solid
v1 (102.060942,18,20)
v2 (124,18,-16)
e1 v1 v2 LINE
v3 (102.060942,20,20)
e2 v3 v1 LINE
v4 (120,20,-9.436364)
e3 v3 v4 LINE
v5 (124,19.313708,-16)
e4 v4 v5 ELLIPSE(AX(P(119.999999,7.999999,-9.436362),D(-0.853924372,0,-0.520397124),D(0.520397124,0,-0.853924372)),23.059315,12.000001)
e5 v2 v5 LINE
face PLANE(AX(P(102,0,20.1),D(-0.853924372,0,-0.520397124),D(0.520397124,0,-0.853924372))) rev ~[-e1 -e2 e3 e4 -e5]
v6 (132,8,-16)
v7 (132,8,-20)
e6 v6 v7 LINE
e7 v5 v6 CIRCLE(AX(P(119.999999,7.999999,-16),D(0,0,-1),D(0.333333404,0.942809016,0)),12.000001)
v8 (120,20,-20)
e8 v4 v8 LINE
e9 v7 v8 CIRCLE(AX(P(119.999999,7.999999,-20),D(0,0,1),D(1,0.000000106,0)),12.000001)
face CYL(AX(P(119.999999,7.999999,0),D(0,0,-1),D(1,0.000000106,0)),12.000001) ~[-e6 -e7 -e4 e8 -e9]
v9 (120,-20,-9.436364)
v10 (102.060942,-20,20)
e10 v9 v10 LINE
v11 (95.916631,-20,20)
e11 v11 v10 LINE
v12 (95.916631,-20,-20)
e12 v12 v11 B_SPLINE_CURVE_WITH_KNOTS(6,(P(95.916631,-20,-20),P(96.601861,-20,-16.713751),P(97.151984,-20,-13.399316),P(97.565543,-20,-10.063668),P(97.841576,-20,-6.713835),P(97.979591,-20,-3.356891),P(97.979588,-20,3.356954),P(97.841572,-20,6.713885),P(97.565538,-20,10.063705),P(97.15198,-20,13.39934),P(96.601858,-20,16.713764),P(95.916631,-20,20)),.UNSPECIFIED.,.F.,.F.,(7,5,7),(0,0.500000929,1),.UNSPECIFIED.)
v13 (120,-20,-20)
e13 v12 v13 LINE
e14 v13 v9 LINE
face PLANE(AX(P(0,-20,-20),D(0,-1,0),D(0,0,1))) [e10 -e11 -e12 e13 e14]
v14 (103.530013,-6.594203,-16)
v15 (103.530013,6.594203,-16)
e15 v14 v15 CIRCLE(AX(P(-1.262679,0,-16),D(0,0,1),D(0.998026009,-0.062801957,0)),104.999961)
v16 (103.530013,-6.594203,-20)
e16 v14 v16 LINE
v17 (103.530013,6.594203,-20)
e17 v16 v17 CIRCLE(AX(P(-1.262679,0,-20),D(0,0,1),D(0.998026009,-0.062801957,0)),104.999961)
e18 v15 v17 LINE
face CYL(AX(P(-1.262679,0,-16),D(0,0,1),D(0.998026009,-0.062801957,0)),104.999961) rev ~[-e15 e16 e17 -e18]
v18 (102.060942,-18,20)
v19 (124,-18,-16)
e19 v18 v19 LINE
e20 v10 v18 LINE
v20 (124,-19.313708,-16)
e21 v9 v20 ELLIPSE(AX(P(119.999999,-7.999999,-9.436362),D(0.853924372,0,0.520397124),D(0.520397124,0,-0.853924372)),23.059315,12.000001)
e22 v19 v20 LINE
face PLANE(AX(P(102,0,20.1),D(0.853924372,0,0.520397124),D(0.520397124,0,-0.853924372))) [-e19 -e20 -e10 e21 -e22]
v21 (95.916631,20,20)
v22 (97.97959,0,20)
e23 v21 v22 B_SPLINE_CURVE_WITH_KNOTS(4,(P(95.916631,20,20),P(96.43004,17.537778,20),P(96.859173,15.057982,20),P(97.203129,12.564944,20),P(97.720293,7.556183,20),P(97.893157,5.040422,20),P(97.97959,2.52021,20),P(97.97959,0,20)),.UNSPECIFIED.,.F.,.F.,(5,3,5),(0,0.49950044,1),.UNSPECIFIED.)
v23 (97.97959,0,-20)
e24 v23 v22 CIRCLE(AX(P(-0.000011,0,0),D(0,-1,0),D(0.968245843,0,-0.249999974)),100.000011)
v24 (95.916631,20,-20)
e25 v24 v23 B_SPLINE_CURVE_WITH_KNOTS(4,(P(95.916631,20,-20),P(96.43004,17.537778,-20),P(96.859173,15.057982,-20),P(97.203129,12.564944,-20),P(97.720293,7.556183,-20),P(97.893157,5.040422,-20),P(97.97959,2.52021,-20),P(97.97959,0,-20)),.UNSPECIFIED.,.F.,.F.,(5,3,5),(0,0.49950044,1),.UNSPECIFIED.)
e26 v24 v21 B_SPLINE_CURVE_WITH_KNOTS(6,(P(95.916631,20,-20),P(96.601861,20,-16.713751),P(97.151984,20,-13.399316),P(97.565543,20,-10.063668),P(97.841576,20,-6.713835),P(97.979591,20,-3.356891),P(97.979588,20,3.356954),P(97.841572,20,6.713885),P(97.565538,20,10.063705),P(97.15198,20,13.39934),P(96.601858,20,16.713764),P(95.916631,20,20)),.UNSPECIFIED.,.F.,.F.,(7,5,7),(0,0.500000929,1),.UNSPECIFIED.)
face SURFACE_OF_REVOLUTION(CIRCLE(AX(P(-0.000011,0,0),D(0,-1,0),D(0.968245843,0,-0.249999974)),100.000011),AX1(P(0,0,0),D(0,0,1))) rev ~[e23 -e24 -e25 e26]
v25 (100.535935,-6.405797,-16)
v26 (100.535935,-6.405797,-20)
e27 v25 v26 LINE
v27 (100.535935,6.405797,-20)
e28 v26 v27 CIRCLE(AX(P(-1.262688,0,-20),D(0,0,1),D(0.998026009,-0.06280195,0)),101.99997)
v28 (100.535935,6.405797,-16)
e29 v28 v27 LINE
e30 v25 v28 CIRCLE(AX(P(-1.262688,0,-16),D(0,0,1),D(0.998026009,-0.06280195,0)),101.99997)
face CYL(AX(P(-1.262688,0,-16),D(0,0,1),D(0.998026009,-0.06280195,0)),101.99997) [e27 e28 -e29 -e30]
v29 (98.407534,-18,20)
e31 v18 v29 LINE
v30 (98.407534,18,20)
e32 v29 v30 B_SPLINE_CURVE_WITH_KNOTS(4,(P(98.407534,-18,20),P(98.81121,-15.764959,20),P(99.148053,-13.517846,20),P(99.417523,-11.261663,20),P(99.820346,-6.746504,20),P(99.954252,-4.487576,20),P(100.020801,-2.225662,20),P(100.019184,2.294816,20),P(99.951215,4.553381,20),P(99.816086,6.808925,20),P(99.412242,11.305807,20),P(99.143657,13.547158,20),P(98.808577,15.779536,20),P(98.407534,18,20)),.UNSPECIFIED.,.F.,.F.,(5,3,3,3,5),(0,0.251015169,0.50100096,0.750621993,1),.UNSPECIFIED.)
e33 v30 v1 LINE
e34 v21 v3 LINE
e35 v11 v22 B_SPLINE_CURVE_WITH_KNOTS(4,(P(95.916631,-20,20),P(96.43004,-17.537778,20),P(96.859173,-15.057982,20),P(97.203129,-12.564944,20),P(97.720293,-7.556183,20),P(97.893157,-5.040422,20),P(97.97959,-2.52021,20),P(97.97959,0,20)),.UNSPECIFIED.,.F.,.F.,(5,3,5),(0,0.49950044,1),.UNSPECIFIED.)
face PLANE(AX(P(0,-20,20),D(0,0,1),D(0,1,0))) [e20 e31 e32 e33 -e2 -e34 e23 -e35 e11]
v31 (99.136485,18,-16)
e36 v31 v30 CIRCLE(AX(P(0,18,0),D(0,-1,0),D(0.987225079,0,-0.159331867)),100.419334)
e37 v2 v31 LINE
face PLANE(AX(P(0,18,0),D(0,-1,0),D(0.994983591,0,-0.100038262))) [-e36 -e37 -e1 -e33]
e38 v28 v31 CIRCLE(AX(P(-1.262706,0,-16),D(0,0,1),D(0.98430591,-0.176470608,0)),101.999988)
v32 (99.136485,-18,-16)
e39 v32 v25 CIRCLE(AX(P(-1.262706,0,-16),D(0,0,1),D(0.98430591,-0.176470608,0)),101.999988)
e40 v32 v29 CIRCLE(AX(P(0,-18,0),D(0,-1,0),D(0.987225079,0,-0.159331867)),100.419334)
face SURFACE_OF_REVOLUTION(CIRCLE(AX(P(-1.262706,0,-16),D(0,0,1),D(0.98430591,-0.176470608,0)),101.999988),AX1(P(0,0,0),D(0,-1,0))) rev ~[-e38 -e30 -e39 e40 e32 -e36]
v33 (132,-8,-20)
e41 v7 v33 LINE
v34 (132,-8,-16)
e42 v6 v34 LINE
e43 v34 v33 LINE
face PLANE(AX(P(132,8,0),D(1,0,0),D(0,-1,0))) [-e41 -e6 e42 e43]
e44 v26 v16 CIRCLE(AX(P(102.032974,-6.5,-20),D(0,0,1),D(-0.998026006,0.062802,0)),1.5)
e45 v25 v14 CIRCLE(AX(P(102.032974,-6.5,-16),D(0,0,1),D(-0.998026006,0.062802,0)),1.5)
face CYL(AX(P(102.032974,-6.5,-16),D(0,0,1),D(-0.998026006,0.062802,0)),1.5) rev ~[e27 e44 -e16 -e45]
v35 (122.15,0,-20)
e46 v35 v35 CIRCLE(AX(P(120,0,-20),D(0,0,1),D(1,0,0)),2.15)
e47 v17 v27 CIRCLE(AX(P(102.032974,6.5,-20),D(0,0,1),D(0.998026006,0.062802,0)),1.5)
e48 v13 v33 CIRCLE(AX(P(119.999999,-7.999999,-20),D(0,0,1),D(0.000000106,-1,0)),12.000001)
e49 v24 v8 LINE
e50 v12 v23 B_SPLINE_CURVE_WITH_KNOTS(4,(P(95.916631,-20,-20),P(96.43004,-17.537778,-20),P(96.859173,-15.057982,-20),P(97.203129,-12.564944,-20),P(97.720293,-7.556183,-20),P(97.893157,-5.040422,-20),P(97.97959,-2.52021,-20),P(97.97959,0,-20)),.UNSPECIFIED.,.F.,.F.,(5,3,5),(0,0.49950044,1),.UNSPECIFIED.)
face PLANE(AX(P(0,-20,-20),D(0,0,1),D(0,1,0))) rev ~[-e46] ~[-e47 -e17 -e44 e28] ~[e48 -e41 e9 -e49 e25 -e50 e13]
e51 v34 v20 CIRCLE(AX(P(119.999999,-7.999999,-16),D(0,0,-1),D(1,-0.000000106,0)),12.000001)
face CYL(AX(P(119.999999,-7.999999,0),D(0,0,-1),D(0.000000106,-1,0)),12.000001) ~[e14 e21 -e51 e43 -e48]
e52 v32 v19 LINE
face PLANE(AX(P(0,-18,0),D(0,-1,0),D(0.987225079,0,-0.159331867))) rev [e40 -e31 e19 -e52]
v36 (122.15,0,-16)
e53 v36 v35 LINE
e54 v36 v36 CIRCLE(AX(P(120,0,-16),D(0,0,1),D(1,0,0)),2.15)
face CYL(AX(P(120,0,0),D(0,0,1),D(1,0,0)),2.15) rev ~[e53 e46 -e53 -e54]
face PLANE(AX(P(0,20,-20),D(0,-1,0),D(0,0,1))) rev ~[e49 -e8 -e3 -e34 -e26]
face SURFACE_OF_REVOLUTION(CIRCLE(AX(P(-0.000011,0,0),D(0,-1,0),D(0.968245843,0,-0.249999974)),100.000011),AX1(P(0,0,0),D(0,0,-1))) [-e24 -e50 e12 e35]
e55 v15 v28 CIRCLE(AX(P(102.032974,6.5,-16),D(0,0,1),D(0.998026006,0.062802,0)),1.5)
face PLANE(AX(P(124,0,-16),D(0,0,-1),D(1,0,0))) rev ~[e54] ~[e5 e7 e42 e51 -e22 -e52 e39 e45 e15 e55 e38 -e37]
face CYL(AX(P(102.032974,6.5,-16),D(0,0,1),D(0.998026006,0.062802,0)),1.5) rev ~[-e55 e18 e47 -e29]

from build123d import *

# Parameters (mm, degrees)
REVOLUTION_ANGLE     = -45
SKETCH001_W          = 200
SKETCH001_H          = 100
SKETCH001_W_2        = 40
SKETCH001_H_2        = 40
POCKET_DEPTH         = 146.825584
SKETCH002_R          = 2.15
POCKET001_DEPTH      = 20.001
POCKET001_DEPTH_BACK = -20.001
GROOVE_ANGLE         = -60
POCKET002_DEPTH      = 20.001
POCKET002_DEPTH_BACK = -20.001
POCKET003_DEPTH      = 4.001


with BuildPart() as part:
    # Sketch → Revolution (revolve, symmetric)
    with BuildSketch(Plane.XZ) as revolution_sk:
        with BuildLine():
            ThreePointArc((96.824584, -25), (100, 0), (96.824584, 25))
            Line((96.824584, 25), (146.824584, 25))
            Line((146.824584, 25), (146.824584, -25))
            Line((146.824584, -25), (96.824584, -25))
        make_face()
    revolve(axis=Axis((0, 0, 0), (0, 0, 1)), revolution_arc=REVOLUTION_ANGLE / 2)
    revolve(revolution_sk.sketch, axis=Axis((0, 0, 0), (0, 0, -1)), revolution_arc=REVOLUTION_ANGLE / 2)

    # Sketch001 → Pocket (cut, through all)
    with BuildSketch(Plane.YZ):
        Rectangle(SKETCH001_W, SKETCH001_H)
        Rectangle(SKETCH001_W_2, SKETCH001_H_2, mode=Mode.SUBTRACT)
    extrude(amount=POCKET_DEPTH, mode=Mode.SUBTRACT)

    # Sketch002 → Pocket001 (cut, two sides)
    with BuildSketch(Plane.XY) as pocket001_sk:
        with Locations((120, 0)):
            Circle(SKETCH002_R)
        with BuildLine():
            Line((120, 20), (120, 30))
            Line((120, 30), (150, 30))
            Line((150, 30), (150, -30))
            Line((150, -30), (120, -30))
            Line((120, -30), (120, -20))
            ThreePointArc((120, -20), (128.485281, -16.485281), (132, -8))
            Line((132, 8), (132, -8))
            ThreePointArc((132, 8), (128.485281, 16.485281), (120, 20))
        make_face()
    extrude(amount=-POCKET001_DEPTH, mode=Mode.SUBTRACT)
    extrude(pocket001_sk.sketch, amount=-POCKET001_DEPTH_BACK, mode=Mode.SUBTRACT)

    # Sketch003 → Groove (revolve, cut)
    with BuildSketch(Plane.XY.offset(-16)):
        with BuildLine():
            Line((159.136485, -18), (159.136485, 18))
            Line((159.136485, 18), (99.136485, 18))
            ThreePointArc((99.136485, -18), (100.737282, 0), (99.136485, 18))
            Line((99.136485, -18), (159.136485, -18))
        make_face()
    revolve(axis=Axis((0, 0, 0), (0, 1, 0)), revolution_arc=GROOVE_ANGLE, mode=Mode.SUBTRACT)

    # Sketch004 → Pocket002 (cut, two sides)
    with BuildSketch(Plane.XZ) as pocket002_sk:
        Polygon((102, 20.1), (124, -16), (154, -16), (154, 30.1), (102, 30.1), align=None)
    extrude(amount=-POCKET002_DEPTH, mode=Mode.SUBTRACT)
    extrude(pocket002_sk.sketch, amount=-POCKET002_DEPTH_BACK, mode=Mode.SUBTRACT)

    # Sketch005 → Pocket003 (cut, through all)
    with BuildSketch(Plane.XY.offset(-16)):
        with BuildLine():
            ThreePointArc((100.535935, -6.405797), (100.737282, 0), (100.535935, 6.405797))
            ThreePointArc((103.530013, 6.594203), (101.938771, 7.997039), (100.535935, 6.405797))
            ThreePointArc((103.530013, -6.594203), (103.737282, 0), (103.530013, 6.594203))
            ThreePointArc((100.535935, -6.405797), (101.938771, -7.997039), (103.530013, -6.594203))
        make_face()
    extrude(amount=-POCKET003_DEPTH, mode=Mode.SUBTRACT)


solid = part.part
